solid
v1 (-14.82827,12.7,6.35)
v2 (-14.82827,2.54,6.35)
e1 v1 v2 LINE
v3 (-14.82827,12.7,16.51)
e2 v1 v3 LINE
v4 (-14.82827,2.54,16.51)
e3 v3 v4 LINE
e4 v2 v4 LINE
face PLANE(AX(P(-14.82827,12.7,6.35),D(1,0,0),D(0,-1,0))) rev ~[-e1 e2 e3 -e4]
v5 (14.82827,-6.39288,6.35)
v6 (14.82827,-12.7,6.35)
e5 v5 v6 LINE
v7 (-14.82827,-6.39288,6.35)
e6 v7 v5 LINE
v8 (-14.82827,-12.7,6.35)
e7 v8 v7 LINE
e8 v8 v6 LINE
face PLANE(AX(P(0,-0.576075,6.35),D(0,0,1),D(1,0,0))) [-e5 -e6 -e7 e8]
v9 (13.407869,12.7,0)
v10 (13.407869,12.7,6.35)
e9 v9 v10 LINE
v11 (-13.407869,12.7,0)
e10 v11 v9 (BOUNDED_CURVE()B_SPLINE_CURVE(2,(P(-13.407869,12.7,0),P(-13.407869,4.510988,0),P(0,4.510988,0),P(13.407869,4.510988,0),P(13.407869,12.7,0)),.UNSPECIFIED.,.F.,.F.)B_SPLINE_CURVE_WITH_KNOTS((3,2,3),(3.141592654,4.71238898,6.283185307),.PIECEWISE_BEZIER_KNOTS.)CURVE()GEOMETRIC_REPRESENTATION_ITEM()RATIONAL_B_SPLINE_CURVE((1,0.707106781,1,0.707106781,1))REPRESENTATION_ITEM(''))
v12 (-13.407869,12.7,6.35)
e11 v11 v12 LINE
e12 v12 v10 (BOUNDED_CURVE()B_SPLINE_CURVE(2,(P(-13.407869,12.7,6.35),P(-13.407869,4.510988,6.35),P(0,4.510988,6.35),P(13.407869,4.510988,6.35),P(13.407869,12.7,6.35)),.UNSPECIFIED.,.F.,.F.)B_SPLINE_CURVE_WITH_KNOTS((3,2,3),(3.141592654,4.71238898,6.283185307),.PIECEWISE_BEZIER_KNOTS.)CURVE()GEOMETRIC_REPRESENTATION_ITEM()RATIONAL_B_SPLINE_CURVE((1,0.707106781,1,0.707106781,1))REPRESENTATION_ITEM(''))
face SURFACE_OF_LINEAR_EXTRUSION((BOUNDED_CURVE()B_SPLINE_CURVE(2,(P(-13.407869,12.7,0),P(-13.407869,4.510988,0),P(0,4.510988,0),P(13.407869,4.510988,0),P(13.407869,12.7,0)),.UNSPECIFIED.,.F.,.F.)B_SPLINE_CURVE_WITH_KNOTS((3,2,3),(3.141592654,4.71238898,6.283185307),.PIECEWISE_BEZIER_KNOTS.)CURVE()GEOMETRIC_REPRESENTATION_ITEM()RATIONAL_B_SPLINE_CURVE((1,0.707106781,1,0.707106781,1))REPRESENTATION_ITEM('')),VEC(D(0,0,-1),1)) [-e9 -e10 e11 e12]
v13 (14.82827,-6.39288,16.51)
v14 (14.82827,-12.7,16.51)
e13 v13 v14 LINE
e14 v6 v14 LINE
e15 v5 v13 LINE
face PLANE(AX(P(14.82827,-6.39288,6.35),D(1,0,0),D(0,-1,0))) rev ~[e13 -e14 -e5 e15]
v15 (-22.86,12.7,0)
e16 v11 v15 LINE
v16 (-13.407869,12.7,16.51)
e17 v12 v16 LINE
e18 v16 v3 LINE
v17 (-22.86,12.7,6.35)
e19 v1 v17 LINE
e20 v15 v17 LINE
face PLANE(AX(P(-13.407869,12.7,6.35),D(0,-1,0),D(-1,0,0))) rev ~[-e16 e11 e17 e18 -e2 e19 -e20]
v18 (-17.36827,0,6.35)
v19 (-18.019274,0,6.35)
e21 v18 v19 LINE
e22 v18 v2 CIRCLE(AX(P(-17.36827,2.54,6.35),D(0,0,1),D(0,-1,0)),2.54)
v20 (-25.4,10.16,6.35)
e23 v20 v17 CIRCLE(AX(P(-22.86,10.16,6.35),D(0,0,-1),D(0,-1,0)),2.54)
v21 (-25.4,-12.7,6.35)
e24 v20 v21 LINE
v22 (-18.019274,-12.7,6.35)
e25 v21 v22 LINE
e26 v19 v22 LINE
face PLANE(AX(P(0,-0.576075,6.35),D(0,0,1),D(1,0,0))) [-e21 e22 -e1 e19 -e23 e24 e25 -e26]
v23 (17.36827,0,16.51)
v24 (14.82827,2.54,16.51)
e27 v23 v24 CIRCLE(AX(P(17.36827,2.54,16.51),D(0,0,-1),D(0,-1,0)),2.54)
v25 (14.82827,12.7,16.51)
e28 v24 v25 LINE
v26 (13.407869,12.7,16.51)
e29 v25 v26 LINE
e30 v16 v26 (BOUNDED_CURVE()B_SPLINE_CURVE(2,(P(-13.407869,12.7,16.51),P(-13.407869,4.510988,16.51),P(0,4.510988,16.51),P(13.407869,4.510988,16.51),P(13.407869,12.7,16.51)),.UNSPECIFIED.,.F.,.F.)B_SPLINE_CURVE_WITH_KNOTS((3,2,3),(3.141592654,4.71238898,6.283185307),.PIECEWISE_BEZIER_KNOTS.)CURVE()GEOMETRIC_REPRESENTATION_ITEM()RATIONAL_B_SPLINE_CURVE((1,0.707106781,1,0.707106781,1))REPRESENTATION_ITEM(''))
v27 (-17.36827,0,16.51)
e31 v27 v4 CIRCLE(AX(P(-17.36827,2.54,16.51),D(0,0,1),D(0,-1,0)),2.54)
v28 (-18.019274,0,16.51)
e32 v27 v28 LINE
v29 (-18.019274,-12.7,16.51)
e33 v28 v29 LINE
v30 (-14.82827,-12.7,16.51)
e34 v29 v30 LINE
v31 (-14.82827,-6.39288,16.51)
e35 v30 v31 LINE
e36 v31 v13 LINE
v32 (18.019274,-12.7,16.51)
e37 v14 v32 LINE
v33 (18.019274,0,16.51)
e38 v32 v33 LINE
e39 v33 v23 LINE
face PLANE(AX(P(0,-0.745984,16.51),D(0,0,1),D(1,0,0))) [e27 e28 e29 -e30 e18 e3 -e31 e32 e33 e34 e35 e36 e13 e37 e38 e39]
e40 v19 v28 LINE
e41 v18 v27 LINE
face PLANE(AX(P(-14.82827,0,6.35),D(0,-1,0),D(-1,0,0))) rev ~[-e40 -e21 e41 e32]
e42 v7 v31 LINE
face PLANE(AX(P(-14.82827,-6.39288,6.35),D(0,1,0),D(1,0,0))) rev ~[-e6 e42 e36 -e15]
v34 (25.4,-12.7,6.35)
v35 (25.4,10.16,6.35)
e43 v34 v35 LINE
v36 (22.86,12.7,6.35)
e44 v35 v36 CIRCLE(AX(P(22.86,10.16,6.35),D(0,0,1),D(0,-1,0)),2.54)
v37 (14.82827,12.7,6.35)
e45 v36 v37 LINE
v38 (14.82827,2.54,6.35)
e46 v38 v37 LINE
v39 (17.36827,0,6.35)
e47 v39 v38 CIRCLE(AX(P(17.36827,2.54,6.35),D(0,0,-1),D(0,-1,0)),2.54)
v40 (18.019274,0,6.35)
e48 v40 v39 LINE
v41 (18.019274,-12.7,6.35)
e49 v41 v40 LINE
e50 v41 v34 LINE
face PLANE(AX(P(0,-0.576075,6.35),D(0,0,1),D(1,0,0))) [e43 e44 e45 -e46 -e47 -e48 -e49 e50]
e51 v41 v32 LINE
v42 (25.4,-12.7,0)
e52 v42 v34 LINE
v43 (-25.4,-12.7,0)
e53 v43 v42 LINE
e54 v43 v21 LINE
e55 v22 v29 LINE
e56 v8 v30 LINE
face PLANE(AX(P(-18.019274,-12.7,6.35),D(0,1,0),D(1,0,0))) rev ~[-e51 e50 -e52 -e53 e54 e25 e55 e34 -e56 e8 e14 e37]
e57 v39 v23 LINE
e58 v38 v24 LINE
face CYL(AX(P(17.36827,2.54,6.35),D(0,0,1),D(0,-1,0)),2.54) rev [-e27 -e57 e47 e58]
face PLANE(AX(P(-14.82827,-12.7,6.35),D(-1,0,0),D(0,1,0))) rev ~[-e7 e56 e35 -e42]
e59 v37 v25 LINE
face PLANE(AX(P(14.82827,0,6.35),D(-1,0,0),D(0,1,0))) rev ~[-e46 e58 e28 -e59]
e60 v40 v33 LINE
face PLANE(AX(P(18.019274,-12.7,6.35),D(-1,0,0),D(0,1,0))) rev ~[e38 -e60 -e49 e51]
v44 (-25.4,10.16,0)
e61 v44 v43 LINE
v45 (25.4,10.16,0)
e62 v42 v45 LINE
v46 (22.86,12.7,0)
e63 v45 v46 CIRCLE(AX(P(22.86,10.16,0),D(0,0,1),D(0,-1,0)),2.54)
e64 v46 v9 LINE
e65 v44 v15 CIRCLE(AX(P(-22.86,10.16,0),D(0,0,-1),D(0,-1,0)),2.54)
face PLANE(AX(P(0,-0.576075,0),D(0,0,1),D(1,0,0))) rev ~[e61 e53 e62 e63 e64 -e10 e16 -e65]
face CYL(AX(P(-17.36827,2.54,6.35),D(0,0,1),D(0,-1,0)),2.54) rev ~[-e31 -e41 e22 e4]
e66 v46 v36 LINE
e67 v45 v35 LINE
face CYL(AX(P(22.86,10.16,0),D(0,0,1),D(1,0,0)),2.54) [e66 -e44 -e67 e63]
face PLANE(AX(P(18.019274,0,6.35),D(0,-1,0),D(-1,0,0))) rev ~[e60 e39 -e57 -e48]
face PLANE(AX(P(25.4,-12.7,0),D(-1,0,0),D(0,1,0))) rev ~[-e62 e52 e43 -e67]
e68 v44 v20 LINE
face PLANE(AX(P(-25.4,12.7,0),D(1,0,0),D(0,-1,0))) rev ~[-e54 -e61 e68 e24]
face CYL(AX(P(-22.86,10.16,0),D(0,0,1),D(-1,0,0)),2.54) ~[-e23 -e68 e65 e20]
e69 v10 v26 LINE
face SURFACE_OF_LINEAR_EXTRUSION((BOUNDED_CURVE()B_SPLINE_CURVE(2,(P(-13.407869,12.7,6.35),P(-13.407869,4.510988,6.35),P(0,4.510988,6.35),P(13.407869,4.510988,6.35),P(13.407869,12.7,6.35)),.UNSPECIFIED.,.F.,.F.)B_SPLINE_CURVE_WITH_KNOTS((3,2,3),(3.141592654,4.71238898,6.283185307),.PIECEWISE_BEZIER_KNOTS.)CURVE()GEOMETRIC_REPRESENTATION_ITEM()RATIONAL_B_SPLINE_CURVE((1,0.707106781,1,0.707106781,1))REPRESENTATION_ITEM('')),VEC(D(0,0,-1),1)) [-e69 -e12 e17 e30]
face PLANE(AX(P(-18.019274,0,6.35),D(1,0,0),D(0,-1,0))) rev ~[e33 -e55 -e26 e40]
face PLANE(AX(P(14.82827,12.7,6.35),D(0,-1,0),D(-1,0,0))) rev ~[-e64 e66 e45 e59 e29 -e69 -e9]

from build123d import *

# Parameters (mm, degrees)
F1_DEPTH = 6.35
F3_DEPTH = 10.16
F4_R     = 2.54


with BuildPart() as f1:
    # F0 (on Top) → F1 (new body)
    with BuildSketch(Plane.XY):
        with BuildLine():
            Line((25.4, -12.7), (25.4, 12.7))
            Line((25.4, 12.7), (13.4078692645, 12.7))
            add(Edge.make_bspline(
                [(-13.4078692645, 12.7), (-13.4078692645, 4.5109884671), (0, 4.5109884671), (13.4078692645, 4.5109884671), (13.4078692645, 12.7)],
                knots=[3.1415926536, 3.1415926536, 3.1415926536, 4.7123889804, 4.7123889804, 6.2831853072, 6.2831853072, 6.2831853072], degree=2, weights=[1, 0.7071067812, 1, 0.7071067812, 1]))
            Line((-13.4078692645, 12.7), (-25.4, 12.7))
            Line((-25.4, 12.7), (-25.4, -12.7))
            Line((-25.4, -12.7), (25.4, -12.7))
        make_face()
    extrude(amount=F1_DEPTH)

    # F2 (on face) → F3 (join)
    with BuildSketch(Plane.XY.offset(6.35)):
        with BuildLine():
            Line((-18.0192738771, -6.3928803429), (-18.0192738771, -12.7))
            Line((-18.0192738771, -12.7), (-14.8282703012, -12.7))
            Line((-14.8282703012, -12.7), (-14.8282703012, -6.3928803429))
            Line((-14.8282703012, -6.3928803429), (0, -6.3928803429))
            Line((0, -6.3928803429), (14.8282703012, -6.3928803429))
            Line((14.8282703012, -6.3928803429), (14.8282703012, -12.7))
            Line((14.8282703012, -12.7), (18.0192738771, -12.7))
            Line((18.0192738771, -12.7), (18.0192738771, -6.3928803429))
            Line((18.0192738771, -6.3928803429), (18.0192738771, 0))
            Line((18.0192738771, 0), (14.8282703012, 0))
            Line((14.8282703012, 0), (14.8282703012, 12.7))
            Line((14.8282703012, 12.7), (13.4078692645, 12.7))
            add(Edge.make_bspline(
                [(-13.4078692645, 12.7), (-13.4078692645, 4.5109884671), (0, 4.5109884671), (13.4078692645, 4.5109884671), (13.4078692645, 12.7)],
                knots=[3.1415926536, 3.1415926536, 3.1415926536, 4.7123889804, 4.7123889804, 6.2831853072, 6.2831853072, 6.2831853072], degree=2, weights=[1, 0.7071067812, 1, 0.7071067812, 1]))
            Line((-13.4078692645, 12.7), (-14.8282703012, 12.7))
            Line((-14.8282703012, 12.7), (-14.8282703012, 0))
            Line((-14.8282703012, 0), (-18.0192738771, 0))
            Line((-18.0192738771, 0), (-18.0192738771, -6.3928803429))
        make_face()
    extrude(amount=F3_DEPTH)

    # F4
    f4_edges = [f1.edges().sort_by_distance(p)[0] for p in [
        (14.82827, 0, 11.43),
        (-14.82827, 0, 11.43),
        (25.4, 12.7, 3.175),
        (-25.4, 12.7, 3.175),
    ]]
    fillet(f4_edges, radius=F4_R)


solid = f1.part
